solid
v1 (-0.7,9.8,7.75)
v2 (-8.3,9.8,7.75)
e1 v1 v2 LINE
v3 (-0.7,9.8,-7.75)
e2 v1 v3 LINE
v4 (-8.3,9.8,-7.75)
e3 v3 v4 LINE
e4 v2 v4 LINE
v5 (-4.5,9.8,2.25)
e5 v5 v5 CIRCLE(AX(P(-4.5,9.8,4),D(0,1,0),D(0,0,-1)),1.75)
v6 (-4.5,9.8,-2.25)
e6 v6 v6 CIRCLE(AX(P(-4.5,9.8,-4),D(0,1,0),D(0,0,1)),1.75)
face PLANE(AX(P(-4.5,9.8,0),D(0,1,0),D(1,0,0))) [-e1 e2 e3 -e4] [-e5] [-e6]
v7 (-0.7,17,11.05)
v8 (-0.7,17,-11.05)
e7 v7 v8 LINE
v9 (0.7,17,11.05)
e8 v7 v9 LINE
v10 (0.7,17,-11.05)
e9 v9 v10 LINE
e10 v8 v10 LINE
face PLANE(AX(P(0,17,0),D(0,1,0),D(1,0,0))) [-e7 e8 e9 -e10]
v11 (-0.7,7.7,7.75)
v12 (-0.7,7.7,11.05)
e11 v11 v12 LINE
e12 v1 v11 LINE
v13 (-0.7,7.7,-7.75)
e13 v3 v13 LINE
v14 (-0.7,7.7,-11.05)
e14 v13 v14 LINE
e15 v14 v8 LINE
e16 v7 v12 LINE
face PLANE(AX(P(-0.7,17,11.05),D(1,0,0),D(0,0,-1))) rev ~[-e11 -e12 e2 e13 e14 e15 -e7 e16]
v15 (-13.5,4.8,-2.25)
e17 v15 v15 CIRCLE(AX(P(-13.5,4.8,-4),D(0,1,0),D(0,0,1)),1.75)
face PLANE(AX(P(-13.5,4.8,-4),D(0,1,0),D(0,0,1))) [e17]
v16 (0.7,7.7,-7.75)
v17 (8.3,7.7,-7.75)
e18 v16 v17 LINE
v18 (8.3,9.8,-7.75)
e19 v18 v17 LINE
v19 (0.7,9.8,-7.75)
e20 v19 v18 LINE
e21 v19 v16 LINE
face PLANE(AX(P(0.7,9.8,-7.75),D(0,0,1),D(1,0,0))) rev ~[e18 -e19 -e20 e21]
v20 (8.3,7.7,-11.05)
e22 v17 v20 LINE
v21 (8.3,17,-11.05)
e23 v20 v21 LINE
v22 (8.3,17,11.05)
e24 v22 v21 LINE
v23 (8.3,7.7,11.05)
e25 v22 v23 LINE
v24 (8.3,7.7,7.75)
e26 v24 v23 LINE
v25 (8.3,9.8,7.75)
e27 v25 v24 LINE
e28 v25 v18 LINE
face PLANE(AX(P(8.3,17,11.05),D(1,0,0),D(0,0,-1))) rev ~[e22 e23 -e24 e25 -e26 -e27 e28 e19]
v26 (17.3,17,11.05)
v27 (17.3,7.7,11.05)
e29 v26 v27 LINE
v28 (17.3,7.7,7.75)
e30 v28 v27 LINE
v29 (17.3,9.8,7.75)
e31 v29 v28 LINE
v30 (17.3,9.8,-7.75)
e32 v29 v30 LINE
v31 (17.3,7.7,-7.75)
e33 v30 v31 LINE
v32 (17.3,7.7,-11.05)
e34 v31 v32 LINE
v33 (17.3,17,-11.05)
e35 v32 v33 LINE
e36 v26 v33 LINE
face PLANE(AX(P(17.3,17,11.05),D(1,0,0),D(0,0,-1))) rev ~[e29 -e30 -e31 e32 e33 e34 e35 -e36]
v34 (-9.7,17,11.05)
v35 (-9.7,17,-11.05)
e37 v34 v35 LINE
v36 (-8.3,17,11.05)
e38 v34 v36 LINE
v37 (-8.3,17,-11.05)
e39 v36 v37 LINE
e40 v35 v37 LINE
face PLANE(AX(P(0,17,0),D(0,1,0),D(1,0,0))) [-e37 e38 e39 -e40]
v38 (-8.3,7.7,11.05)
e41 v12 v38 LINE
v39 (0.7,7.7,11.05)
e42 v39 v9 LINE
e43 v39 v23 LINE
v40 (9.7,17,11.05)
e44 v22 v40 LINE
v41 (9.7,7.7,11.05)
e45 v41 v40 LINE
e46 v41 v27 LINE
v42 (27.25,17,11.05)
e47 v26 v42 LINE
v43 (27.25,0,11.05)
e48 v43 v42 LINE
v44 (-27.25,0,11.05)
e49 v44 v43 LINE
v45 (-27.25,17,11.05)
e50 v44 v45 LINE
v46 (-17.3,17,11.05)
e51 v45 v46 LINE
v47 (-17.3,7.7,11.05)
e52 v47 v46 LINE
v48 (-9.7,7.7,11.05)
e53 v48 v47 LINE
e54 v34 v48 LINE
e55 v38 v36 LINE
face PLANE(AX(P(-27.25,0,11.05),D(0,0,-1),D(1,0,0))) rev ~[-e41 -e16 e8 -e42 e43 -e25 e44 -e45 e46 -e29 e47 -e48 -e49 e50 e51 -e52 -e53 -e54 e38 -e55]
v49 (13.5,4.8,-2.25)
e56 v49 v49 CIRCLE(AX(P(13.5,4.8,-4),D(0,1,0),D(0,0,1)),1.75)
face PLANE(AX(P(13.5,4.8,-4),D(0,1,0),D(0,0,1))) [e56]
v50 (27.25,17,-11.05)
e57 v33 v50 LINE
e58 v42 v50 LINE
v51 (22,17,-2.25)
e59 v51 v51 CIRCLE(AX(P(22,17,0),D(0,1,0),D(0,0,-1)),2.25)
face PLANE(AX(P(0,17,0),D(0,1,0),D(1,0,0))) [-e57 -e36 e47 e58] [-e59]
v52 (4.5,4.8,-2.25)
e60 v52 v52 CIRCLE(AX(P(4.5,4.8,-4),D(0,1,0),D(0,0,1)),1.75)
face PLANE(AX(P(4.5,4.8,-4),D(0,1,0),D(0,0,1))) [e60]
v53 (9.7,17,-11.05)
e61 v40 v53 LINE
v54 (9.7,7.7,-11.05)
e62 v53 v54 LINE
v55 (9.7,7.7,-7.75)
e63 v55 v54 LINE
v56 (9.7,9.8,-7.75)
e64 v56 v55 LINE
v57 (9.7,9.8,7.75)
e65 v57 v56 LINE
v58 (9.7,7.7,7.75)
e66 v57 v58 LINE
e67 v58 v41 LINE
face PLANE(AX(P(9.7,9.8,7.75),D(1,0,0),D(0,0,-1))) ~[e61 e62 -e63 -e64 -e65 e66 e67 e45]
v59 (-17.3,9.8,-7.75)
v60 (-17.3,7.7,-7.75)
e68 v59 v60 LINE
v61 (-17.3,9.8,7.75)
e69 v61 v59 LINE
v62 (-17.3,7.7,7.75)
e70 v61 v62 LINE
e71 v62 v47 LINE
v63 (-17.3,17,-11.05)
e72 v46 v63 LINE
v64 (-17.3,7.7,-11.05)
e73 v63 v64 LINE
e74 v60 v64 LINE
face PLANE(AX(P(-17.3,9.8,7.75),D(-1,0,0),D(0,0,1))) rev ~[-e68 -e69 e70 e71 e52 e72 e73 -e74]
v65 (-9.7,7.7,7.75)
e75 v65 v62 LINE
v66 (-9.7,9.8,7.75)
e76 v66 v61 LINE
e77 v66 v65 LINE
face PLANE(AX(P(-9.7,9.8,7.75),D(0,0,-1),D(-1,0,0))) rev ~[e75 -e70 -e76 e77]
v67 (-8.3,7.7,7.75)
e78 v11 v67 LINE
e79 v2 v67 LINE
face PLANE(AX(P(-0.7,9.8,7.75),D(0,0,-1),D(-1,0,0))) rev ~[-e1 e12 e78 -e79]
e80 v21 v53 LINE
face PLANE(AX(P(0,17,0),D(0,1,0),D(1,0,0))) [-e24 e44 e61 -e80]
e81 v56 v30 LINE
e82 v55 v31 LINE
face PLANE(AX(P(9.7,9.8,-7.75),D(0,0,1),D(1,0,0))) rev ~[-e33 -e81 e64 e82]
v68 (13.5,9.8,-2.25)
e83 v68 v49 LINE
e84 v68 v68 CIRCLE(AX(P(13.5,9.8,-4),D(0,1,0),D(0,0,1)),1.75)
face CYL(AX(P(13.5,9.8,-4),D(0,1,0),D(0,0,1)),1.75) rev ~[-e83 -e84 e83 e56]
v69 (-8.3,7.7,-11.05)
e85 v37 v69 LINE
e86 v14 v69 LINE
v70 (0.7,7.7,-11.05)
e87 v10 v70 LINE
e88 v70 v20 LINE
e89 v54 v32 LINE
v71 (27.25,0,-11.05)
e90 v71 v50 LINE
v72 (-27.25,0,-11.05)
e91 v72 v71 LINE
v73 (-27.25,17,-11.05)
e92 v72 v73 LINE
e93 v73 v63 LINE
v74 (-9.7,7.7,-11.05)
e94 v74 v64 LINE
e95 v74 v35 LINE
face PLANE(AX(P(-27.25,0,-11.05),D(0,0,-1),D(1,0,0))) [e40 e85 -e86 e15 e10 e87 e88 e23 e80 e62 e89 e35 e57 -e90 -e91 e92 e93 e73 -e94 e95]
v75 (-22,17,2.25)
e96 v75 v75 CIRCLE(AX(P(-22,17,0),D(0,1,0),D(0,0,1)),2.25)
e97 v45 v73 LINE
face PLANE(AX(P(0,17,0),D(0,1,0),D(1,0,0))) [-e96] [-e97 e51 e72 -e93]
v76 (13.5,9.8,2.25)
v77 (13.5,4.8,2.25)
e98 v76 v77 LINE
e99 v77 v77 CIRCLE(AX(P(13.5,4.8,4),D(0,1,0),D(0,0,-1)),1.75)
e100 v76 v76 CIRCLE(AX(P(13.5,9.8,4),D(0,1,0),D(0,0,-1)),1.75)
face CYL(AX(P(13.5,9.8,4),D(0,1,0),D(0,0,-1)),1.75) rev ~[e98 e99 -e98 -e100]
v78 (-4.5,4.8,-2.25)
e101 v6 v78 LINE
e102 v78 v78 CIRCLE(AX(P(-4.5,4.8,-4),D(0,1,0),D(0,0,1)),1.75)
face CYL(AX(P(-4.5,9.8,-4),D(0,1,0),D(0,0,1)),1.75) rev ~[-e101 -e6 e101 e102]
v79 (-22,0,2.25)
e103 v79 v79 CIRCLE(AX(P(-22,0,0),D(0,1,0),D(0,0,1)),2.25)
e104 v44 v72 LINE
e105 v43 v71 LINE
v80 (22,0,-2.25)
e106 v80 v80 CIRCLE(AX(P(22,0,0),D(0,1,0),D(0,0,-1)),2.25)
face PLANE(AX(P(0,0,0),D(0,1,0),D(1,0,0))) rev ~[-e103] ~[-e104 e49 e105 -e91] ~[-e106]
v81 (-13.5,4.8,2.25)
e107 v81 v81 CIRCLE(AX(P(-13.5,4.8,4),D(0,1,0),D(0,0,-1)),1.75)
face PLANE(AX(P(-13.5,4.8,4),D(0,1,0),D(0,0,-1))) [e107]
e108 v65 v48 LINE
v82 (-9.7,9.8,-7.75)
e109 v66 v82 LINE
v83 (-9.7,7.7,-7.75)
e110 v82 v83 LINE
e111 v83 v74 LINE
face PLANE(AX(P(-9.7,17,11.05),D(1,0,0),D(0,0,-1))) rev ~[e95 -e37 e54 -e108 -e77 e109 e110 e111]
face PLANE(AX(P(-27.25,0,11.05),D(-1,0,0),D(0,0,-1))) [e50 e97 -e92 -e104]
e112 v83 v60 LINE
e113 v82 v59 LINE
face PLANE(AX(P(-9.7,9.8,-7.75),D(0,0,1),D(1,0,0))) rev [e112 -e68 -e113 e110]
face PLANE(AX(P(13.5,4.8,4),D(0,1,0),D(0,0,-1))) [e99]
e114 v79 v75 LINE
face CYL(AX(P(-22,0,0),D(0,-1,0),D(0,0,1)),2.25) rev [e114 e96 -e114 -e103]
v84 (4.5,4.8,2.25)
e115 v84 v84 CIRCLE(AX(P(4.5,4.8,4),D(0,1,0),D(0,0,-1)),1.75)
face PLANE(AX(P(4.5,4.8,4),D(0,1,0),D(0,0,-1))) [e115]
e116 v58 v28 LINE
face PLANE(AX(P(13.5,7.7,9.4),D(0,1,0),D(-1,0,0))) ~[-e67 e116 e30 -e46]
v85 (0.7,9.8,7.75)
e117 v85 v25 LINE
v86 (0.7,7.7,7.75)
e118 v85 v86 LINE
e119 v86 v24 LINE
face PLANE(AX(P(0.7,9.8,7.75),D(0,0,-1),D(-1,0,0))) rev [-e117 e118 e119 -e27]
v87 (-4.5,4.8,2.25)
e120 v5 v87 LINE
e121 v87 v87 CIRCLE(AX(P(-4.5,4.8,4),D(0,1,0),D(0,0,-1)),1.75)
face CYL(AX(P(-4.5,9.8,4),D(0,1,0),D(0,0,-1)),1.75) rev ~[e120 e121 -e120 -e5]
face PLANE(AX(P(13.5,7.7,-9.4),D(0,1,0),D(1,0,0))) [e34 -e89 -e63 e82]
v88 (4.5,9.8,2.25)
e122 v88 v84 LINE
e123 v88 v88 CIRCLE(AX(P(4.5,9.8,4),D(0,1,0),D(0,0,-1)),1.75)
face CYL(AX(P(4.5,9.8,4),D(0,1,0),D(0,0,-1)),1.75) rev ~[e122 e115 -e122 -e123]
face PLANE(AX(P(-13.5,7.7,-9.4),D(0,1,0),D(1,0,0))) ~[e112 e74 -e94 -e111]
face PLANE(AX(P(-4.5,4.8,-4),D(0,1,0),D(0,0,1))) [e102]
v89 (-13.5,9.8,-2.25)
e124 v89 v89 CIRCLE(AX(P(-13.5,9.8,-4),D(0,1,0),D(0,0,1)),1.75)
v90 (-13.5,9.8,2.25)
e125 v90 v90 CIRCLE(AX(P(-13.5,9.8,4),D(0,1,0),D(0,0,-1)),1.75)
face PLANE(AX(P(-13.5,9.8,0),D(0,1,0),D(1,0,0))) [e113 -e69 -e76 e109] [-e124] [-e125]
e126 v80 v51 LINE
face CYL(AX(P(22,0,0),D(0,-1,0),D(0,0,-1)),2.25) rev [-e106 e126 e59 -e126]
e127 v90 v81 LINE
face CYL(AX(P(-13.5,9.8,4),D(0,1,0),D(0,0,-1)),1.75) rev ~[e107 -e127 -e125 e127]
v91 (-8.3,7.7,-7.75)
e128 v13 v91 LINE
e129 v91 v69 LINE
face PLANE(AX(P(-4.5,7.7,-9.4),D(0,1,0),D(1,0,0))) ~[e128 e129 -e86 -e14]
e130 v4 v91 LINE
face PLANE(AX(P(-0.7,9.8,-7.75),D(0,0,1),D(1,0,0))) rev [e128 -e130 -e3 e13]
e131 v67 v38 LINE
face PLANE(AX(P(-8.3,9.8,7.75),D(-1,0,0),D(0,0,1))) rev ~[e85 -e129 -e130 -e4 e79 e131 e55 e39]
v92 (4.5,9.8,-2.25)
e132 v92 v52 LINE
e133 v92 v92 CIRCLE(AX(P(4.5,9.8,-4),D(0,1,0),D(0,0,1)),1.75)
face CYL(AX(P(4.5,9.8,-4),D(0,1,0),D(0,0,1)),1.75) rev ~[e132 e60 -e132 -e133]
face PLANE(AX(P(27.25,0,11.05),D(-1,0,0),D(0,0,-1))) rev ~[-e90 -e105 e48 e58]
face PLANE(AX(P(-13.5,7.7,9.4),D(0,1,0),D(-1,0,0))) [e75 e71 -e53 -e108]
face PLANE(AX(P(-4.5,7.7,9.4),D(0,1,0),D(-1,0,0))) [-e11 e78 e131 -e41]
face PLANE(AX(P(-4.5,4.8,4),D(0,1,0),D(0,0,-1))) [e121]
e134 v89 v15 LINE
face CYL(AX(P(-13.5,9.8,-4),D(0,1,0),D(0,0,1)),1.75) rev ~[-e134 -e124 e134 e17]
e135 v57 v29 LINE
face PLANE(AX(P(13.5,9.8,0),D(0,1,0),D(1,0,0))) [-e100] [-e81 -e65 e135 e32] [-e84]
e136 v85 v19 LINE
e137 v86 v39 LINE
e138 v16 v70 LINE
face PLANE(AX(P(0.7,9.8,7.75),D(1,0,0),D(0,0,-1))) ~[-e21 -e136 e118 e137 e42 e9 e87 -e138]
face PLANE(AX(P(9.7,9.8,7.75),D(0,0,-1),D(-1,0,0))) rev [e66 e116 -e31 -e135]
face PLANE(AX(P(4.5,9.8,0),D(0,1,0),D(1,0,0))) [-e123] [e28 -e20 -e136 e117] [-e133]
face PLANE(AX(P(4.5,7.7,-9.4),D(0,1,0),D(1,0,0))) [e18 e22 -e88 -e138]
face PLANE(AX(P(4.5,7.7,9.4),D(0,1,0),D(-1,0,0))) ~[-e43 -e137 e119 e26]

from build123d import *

# Parameters (mm, degrees)
SKETCH_1_W               = 54.5
SKETCH_1_H               = 22.1
SKETCH_1_R               = 2.25
EXTRUDE_1_DEPTH          = 17
SKETCH_2_W               = 7.6
SKETCH_2_H               = 22.1
CUT_EXTRUDE_1_DEPTH      = 7.2
SKETCH_3_W               = 7.6
SKETCH_3_H               = 3.3
CUT_EXTRUDE_2_DEPTH      = 2.1
MIRROR_2_COPY_1_SKETCH_W = 7.6
MIRROR_2_COPY_1_SKETCH_H = 3.3
MIRROR_2_COPY_1_DEPTH    = 2.1
SKETCH_4_R               = 1.75
CUT_EXTRUDE_3_DEPTH      = 5


with BuildPart() as part:
    # ｽｹｯﾁ1 → ﾎﾞｽ - 押し出し1 (new body)
    with BuildSketch(Plane(origin=(0, 0, 0), x_dir=(1, 0, 0), z_dir=(0, 1, 0))):
        Rectangle(SKETCH_1_W, SKETCH_1_H)
        with Locations(Location((-22, 0, 0), (0, 0, 270))):
            Circle(SKETCH_1_R, mode=Mode.SUBTRACT)
        with Locations(Location((22, 0, 0), (0, 0, 90))):
            Circle(SKETCH_1_R, mode=Mode.SUBTRACT)
    extrude(amount=EXTRUDE_1_DEPTH)

    # ｽｹｯﾁ2 → ｶｯﾄ - 押し出し1 (cut)
    with BuildSketch(Plane(origin=(0, 17, 0), x_dir=(1, 0, 0), z_dir=(0, 1, 0))):
        with Locations((13.5, 0)):
            Rectangle(SKETCH_2_W, SKETCH_2_H)
        with Locations((-13.5, 0)):
            Rectangle(SKETCH_2_W, SKETCH_2_H)
        with Locations((-4.5, 0)):
            Rectangle(SKETCH_2_W, SKETCH_2_H)
        with Locations((4.5, 0)):
            Rectangle(SKETCH_2_W, SKETCH_2_H)
    extrude(amount=-CUT_EXTRUDE_1_DEPTH, mode=Mode.SUBTRACT)

    # ｽｹｯﾁ3 → ｶｯﾄ - 押し出し2 (cut)
    with BuildSketch(Plane(origin=(0, 9.8, 0), x_dir=(1, 0, 0), z_dir=(0, 1, 0))):
        with Locations((4.5, 9.4)):
            Rectangle(SKETCH_3_W, SKETCH_3_H)
        with Locations((13.5, 9.4)):
            Rectangle(SKETCH_3_W, SKETCH_3_H)
    cut_extrude_2 = extrude(amount=-CUT_EXTRUDE_2_DEPTH, mode=Mode.SUBTRACT)

    # ﾐﾗｰ1: ｶｯﾄ - 押し出し2 across plane
    add(cut_extrude_2.mirror(Plane(origin=(0, 0, 0), x_dir=(0, 0, 1), z_dir=(1, 0, 0))), mode=Mode.SUBTRACT)

    # ﾐﾗｰ2: ｶｯﾄ - 押し出し2 across plane
    add(cut_extrude_2.mirror(Plane.XY), mode=Mode.SUBTRACT)

    # ﾐﾗｰ2 copy 1 sketch → ﾐﾗｰ2 copy 1 (cut)
    with BuildSketch(Plane(origin=(0, 9.8, 0), x_dir=(-1, 0, 0), z_dir=(0, 1, 0))):
        with Locations((4.5, 9.4)):
            Rectangle(MIRROR_2_COPY_1_SKETCH_W, MIRROR_2_COPY_1_SKETCH_H)
        with Locations((13.5, 9.4)):
            Rectangle(MIRROR_2_COPY_1_SKETCH_W, MIRROR_2_COPY_1_SKETCH_H)
    extrude(amount=-MIRROR_2_COPY_1_DEPTH, mode=Mode.SUBTRACT)

    # ｽｹｯﾁ4 → ｶｯﾄ - 押し出し3 (cut)
    with BuildSketch(Plane(origin=(0, 9.8, 0), x_dir=(1, 0, 0), z_dir=(0, 1, 0))):
        with Locations(Location((13.5, 4, 0), (0, 0, 270))):
            Circle(SKETCH_4_R)
        with Locations(Location((4.5, 4, 0), (0, 0, 270))):
            Circle(SKETCH_4_R)
        with Locations(Location((-4.5, 4, 0), (0, 0, 270))):
            Circle(SKETCH_4_R)
        with Locations(Location((-13.5, 4, 0), (0, 0, 270))):
            Circle(SKETCH_4_R)
        with Locations(Location((13.5, -4, 0), (0, 0, 90))):
            Circle(SKETCH_4_R)
        with Locations(Location((4.5, -4, 0), (0, 0, 90))):
            Circle(SKETCH_4_R)
        with Locations(Location((-4.5, -4, 0), (0, 0, 90))):
            Circle(SKETCH_4_R)
        with Locations(Location((-13.5, -4, 0), (0, 0, 90))):
            Circle(SKETCH_4_R)
    extrude(amount=-CUT_EXTRUDE_3_DEPTH, mode=Mode.SUBTRACT)


solid = part.part
